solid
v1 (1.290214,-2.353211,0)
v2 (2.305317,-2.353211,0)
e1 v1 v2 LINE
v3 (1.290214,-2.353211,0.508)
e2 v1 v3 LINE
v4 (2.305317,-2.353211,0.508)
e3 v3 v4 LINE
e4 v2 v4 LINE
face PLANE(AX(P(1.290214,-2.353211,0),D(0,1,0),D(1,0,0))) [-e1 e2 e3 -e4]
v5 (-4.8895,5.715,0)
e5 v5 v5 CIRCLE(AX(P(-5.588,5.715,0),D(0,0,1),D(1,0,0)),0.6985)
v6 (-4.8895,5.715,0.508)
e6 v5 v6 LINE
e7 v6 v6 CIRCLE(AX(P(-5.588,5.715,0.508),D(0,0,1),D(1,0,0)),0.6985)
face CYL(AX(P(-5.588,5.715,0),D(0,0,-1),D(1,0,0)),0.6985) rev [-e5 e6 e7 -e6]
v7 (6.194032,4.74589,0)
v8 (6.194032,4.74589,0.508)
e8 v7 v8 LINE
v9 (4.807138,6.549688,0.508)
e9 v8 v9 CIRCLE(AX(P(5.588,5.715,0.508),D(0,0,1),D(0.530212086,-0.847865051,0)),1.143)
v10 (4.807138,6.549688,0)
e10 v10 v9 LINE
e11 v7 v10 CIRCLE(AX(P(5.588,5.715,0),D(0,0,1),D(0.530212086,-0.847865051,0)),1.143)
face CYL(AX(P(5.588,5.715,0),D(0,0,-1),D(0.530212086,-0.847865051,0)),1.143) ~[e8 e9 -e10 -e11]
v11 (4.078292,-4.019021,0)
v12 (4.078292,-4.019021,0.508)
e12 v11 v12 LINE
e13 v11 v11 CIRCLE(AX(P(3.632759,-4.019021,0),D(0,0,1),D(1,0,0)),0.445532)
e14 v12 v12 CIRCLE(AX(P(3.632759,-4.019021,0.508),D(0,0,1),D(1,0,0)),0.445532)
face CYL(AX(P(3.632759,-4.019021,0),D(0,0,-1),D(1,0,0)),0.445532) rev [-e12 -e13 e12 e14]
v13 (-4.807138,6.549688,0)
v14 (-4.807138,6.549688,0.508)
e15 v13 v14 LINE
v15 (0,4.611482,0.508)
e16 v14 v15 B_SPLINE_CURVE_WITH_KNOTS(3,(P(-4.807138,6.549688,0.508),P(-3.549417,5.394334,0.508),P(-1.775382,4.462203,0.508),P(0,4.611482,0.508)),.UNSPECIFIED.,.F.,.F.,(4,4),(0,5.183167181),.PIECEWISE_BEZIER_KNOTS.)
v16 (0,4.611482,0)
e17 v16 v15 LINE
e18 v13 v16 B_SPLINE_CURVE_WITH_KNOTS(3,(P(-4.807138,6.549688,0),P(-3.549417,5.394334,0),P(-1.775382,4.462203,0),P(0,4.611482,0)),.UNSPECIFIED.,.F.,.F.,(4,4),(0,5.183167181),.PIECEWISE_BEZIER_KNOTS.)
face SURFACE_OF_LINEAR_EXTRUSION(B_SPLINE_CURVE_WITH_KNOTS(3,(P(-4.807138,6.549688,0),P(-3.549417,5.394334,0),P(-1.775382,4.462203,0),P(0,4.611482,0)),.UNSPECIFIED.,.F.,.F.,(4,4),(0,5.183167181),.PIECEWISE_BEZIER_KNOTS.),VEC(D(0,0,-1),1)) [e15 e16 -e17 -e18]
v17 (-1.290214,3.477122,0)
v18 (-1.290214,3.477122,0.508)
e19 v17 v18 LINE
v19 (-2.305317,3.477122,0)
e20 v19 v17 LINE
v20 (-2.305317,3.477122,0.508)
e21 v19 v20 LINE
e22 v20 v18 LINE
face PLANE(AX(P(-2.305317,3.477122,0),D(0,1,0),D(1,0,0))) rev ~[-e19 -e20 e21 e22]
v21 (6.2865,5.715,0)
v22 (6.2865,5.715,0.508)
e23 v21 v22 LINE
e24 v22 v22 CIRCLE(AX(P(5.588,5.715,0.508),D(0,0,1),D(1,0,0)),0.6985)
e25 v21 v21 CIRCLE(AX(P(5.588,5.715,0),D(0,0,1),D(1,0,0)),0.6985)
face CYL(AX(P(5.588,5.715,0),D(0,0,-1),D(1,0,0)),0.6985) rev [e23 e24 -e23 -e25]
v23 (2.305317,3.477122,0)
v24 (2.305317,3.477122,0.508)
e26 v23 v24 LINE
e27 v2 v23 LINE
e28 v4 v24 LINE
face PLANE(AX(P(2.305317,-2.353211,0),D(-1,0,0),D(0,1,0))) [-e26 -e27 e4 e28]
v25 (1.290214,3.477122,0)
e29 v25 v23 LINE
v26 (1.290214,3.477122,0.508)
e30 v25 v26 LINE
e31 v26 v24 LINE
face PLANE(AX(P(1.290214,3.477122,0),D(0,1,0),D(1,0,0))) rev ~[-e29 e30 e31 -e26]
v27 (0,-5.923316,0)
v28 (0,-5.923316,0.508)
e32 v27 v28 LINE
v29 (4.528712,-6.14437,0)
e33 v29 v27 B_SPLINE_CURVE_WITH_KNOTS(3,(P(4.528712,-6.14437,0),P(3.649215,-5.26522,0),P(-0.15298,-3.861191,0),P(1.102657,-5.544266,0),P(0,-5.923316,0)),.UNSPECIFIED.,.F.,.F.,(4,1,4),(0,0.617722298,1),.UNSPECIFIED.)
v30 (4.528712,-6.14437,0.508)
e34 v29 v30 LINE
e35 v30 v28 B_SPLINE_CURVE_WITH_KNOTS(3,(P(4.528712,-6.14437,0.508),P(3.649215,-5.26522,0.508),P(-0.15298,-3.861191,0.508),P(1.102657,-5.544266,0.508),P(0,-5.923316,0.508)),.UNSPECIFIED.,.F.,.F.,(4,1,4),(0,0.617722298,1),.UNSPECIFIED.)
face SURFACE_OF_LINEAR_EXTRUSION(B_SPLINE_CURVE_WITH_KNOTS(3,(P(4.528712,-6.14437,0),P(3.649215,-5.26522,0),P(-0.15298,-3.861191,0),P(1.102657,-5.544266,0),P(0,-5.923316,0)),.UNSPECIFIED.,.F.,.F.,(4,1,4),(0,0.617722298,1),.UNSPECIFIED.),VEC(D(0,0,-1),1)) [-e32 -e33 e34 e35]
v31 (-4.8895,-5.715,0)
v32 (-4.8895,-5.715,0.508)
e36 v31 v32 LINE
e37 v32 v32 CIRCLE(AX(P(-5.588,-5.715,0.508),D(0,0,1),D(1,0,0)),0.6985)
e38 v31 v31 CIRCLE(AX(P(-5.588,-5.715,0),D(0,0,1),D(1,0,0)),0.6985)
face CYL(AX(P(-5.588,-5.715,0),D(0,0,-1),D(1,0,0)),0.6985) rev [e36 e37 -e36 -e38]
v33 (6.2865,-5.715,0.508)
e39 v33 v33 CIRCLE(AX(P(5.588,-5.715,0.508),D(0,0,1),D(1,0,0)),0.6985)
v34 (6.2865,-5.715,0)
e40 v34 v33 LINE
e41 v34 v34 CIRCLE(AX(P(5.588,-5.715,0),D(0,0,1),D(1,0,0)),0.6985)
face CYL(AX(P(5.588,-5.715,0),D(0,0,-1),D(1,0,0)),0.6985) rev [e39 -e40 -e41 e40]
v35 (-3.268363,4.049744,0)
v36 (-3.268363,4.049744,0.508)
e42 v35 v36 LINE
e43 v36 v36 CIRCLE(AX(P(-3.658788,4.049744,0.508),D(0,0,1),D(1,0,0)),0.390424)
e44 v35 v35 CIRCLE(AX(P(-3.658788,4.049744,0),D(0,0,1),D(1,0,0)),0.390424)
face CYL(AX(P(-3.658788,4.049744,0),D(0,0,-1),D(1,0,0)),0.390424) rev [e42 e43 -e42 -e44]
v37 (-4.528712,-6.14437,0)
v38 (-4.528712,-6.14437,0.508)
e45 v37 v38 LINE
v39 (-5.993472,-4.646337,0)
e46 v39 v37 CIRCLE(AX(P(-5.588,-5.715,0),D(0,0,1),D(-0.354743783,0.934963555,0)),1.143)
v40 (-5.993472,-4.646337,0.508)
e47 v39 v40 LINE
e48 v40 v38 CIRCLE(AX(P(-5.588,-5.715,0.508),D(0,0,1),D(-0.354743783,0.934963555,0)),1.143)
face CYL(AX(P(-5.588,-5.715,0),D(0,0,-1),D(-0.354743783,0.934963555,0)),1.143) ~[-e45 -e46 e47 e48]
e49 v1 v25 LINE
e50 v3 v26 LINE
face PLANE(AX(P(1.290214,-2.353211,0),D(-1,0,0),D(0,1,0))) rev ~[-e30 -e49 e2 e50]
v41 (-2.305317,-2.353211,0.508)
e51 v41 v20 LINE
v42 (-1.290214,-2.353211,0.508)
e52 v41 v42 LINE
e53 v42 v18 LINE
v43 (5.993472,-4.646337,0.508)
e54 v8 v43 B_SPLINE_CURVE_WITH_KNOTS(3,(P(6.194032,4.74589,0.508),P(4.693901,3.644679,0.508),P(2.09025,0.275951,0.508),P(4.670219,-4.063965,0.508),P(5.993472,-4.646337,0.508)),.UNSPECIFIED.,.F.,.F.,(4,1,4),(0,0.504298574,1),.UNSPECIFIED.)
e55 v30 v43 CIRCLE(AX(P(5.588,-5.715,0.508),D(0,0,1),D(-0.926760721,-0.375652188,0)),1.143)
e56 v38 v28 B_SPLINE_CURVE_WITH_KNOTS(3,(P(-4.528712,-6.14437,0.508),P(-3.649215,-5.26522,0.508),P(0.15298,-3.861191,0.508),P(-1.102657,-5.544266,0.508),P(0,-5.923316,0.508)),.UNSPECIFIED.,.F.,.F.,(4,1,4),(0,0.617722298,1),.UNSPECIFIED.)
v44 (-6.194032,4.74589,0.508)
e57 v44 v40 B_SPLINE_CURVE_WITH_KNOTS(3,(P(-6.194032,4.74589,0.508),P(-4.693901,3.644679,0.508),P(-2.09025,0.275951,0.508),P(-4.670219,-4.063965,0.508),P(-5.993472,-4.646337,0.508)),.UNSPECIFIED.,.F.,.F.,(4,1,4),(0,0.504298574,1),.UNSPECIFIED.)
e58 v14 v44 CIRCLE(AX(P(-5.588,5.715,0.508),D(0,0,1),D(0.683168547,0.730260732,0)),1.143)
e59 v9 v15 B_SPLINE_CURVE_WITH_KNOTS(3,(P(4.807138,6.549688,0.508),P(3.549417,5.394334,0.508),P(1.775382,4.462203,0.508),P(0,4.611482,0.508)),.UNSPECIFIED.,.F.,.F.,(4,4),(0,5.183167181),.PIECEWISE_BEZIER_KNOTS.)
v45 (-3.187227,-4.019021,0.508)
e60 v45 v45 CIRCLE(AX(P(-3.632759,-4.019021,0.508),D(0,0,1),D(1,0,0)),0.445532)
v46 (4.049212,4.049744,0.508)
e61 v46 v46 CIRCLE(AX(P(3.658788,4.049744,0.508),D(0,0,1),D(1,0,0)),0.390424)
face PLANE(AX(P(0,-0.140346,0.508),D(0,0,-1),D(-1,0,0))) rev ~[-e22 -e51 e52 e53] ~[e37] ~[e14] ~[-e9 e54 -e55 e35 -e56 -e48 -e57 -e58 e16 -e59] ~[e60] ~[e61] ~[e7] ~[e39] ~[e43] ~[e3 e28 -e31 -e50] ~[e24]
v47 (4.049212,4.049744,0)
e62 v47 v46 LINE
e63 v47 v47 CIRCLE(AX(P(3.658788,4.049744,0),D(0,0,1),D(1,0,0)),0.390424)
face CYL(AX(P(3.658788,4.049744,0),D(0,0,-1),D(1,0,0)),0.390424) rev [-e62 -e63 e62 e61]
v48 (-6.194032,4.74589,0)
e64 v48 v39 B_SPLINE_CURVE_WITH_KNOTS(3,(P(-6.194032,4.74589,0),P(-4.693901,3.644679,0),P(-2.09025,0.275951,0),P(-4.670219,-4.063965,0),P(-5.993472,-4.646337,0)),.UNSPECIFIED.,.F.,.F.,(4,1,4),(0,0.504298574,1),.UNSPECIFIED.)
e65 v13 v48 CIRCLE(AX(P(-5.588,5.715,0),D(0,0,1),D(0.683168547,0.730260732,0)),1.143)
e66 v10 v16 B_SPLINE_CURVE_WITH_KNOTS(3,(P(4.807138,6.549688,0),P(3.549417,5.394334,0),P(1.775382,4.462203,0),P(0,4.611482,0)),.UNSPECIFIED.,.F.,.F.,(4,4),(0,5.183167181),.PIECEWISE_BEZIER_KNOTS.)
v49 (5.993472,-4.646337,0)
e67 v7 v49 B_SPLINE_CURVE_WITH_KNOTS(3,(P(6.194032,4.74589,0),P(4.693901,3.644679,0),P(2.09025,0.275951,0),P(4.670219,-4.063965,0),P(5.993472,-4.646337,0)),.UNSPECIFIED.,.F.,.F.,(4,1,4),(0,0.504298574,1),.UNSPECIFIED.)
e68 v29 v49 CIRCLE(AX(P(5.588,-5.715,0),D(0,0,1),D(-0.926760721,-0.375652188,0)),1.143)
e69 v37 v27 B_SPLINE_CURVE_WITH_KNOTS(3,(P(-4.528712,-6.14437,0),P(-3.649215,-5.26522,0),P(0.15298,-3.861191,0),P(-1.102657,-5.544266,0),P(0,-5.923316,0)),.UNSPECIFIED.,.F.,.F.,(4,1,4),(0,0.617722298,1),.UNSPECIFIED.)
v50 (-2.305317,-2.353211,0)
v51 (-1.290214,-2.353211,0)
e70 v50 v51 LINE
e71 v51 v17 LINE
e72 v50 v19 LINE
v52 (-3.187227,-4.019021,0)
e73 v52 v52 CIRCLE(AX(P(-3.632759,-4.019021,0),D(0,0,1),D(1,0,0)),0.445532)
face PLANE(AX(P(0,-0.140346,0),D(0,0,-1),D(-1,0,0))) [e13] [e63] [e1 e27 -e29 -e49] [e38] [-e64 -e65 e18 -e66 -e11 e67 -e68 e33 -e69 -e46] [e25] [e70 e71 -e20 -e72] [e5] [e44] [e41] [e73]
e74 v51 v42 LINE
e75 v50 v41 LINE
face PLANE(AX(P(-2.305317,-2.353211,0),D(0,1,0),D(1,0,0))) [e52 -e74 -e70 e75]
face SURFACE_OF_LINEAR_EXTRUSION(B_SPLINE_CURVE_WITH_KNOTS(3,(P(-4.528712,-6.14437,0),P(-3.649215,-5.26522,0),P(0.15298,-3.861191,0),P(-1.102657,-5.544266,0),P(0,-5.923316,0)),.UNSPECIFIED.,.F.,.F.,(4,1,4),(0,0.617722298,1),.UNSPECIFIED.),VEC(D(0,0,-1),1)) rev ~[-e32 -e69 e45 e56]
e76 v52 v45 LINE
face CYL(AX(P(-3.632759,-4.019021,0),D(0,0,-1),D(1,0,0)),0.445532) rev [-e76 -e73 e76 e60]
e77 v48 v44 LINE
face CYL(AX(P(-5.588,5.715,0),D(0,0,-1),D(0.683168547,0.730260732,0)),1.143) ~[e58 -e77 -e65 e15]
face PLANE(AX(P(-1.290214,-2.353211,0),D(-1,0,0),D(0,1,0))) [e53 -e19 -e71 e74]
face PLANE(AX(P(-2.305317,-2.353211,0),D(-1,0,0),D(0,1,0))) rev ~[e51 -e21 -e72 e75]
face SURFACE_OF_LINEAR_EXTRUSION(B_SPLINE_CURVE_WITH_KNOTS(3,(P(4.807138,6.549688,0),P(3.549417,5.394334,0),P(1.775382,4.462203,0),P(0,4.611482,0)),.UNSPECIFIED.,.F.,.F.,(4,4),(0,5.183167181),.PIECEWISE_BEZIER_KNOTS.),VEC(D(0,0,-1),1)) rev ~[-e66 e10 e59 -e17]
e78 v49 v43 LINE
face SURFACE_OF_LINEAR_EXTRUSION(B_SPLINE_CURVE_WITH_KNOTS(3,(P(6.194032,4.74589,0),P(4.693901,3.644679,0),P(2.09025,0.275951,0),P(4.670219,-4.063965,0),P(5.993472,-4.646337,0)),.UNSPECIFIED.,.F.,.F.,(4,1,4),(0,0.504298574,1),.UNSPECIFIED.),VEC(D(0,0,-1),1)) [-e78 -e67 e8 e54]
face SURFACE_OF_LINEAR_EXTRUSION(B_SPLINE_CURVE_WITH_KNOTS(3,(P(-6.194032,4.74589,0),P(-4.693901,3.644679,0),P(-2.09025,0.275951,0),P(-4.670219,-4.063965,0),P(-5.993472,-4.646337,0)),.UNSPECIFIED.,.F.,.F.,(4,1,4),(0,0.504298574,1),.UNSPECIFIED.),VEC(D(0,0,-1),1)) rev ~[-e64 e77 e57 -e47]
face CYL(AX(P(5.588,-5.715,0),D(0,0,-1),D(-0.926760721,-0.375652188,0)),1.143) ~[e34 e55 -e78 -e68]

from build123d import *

# Parameters (mm, degrees)
F0_R     = 0.6985
F0_R_2   = 0.4455322906
F0_W     = 1.0151027236
F0_H     = 5.8303333353
F0_R_3   = 0.3904241603
F1_DEPTH = 0.508


with BuildPart() as f1:
    # F0 (on Top) → F1 (new body)
    with BuildSketch(Plane.XY):
        with BuildLine():
            add(Edge.make_bspline(
                [(-4.8071383511, 6.5496880167), (-3.5494174307, 5.3943343251), (-1.775382203, 4.4622034766), (0, 4.6114819124)],
                knots=[0, 0, 0, 0, 5.1831671813, 5.1831671813, 5.1831671813, 5.1831671813], degree=3))
            ThreePointArc((-4.8071383511, 6.5496880167), (-6.4941252197, 6.4116965525), (-6.1940324141, 4.7458902471))
            add(Edge.make_bspline(
                [(-6.1940324141, 4.7458902471), (-4.693901011, 3.6446792104), (-2.0902496032, 0.2759509244), (-4.6702187254, -4.0639645625), (-5.9934721436, -4.646336657)],
                knots=[0, 0, 0, 0, 0.5042985744, 1, 1, 1, 1], degree=3))
            ThreePointArc((-5.9934721436, -4.646336657), (-6.4052483977, -6.5140957742), (-4.5287124963, -6.1443704514))
            add(Edge.make_bspline(
                [(-4.5287124963, -6.1443704514), (-3.6492146823, -5.2652203685), (0.1529797259, -3.8611909007), (-1.1026566893, -5.5442661801), (0, -5.9233158827)],
                knots=[0, 0, 0, 0, 0.6177222982, 1, 1, 1, 1], degree=3))
            add(Edge.make_bspline(
                [(4.5287124963, -6.1443704514), (3.6492146823, -5.2652203685), (-0.1529797259, -3.8611909007), (1.1026566893, -5.5442661801), (0, -5.9233158827)],
                knots=[0, 0, 0, 0, 0.6177222982, 1, 1, 1, 1], degree=3))
            ThreePointArc((4.5287124963, -6.1443704514), (6.4052483977, -6.5140957742), (5.9934721436, -4.646336657))
            add(Edge.make_bspline(
                [(6.1940324141, 4.7458902471), (4.693901011, 3.6446792104), (2.0902496032, 0.2759509244), (4.6702187254, -4.0639645625), (5.9934721436, -4.646336657)],
                knots=[0, 0, 0, 0, 0.5042985744, 1, 1, 1, 1], degree=3))
            ThreePointArc((6.1940324141, 4.7458902471), (6.4941252197, 6.4116965525), (4.8071383511, 6.5496880167))
            add(Edge.make_bspline(
                [(4.8071383511, 6.5496880167), (3.5494174307, 5.3943343251), (1.775382203, 4.4622034766), (0, 4.6114819124)],
                knots=[0, 0, 0, 0, 5.1831671813, 5.1831671813, 5.1831671813, 5.1831671813], degree=3))
        make_face()
        with Locations((-5.588, -5.715)):
            Circle(F0_R, mode=Mode.SUBTRACT)
        with Locations((-3.6327592097, -4.0190205909)):
            Circle(F0_R_2, mode=Mode.SUBTRACT)
        with Locations((5.588, -5.715)):
            Circle(F0_R, mode=Mode.SUBTRACT)
        with Locations((3.6327592097, -4.0190205909)):
            Circle(F0_R_2, mode=Mode.SUBTRACT)
        with Locations((-1.7977658426, 0.5619557342)):
            Rectangle(F0_W, F0_H, mode=Mode.SUBTRACT)
        with Locations((-3.6587875802, 4.049744457)):
            Circle(F0_R_3, mode=Mode.SUBTRACT)
        with Locations((-5.588, 5.715)):
            Circle(F0_R, mode=Mode.SUBTRACT)
        with Locations((1.7977658426, 0.5619557342)):
            Rectangle(F0_W, F0_H, mode=Mode.SUBTRACT)
        with Locations((3.6587875802, 4.049744457)):
            Circle(F0_R_3, mode=Mode.SUBTRACT)
        with Locations((5.588, 5.715)):
            Circle(F0_R, mode=Mode.SUBTRACT)
    extrude(amount=F1_DEPTH)


solid = f1.part
